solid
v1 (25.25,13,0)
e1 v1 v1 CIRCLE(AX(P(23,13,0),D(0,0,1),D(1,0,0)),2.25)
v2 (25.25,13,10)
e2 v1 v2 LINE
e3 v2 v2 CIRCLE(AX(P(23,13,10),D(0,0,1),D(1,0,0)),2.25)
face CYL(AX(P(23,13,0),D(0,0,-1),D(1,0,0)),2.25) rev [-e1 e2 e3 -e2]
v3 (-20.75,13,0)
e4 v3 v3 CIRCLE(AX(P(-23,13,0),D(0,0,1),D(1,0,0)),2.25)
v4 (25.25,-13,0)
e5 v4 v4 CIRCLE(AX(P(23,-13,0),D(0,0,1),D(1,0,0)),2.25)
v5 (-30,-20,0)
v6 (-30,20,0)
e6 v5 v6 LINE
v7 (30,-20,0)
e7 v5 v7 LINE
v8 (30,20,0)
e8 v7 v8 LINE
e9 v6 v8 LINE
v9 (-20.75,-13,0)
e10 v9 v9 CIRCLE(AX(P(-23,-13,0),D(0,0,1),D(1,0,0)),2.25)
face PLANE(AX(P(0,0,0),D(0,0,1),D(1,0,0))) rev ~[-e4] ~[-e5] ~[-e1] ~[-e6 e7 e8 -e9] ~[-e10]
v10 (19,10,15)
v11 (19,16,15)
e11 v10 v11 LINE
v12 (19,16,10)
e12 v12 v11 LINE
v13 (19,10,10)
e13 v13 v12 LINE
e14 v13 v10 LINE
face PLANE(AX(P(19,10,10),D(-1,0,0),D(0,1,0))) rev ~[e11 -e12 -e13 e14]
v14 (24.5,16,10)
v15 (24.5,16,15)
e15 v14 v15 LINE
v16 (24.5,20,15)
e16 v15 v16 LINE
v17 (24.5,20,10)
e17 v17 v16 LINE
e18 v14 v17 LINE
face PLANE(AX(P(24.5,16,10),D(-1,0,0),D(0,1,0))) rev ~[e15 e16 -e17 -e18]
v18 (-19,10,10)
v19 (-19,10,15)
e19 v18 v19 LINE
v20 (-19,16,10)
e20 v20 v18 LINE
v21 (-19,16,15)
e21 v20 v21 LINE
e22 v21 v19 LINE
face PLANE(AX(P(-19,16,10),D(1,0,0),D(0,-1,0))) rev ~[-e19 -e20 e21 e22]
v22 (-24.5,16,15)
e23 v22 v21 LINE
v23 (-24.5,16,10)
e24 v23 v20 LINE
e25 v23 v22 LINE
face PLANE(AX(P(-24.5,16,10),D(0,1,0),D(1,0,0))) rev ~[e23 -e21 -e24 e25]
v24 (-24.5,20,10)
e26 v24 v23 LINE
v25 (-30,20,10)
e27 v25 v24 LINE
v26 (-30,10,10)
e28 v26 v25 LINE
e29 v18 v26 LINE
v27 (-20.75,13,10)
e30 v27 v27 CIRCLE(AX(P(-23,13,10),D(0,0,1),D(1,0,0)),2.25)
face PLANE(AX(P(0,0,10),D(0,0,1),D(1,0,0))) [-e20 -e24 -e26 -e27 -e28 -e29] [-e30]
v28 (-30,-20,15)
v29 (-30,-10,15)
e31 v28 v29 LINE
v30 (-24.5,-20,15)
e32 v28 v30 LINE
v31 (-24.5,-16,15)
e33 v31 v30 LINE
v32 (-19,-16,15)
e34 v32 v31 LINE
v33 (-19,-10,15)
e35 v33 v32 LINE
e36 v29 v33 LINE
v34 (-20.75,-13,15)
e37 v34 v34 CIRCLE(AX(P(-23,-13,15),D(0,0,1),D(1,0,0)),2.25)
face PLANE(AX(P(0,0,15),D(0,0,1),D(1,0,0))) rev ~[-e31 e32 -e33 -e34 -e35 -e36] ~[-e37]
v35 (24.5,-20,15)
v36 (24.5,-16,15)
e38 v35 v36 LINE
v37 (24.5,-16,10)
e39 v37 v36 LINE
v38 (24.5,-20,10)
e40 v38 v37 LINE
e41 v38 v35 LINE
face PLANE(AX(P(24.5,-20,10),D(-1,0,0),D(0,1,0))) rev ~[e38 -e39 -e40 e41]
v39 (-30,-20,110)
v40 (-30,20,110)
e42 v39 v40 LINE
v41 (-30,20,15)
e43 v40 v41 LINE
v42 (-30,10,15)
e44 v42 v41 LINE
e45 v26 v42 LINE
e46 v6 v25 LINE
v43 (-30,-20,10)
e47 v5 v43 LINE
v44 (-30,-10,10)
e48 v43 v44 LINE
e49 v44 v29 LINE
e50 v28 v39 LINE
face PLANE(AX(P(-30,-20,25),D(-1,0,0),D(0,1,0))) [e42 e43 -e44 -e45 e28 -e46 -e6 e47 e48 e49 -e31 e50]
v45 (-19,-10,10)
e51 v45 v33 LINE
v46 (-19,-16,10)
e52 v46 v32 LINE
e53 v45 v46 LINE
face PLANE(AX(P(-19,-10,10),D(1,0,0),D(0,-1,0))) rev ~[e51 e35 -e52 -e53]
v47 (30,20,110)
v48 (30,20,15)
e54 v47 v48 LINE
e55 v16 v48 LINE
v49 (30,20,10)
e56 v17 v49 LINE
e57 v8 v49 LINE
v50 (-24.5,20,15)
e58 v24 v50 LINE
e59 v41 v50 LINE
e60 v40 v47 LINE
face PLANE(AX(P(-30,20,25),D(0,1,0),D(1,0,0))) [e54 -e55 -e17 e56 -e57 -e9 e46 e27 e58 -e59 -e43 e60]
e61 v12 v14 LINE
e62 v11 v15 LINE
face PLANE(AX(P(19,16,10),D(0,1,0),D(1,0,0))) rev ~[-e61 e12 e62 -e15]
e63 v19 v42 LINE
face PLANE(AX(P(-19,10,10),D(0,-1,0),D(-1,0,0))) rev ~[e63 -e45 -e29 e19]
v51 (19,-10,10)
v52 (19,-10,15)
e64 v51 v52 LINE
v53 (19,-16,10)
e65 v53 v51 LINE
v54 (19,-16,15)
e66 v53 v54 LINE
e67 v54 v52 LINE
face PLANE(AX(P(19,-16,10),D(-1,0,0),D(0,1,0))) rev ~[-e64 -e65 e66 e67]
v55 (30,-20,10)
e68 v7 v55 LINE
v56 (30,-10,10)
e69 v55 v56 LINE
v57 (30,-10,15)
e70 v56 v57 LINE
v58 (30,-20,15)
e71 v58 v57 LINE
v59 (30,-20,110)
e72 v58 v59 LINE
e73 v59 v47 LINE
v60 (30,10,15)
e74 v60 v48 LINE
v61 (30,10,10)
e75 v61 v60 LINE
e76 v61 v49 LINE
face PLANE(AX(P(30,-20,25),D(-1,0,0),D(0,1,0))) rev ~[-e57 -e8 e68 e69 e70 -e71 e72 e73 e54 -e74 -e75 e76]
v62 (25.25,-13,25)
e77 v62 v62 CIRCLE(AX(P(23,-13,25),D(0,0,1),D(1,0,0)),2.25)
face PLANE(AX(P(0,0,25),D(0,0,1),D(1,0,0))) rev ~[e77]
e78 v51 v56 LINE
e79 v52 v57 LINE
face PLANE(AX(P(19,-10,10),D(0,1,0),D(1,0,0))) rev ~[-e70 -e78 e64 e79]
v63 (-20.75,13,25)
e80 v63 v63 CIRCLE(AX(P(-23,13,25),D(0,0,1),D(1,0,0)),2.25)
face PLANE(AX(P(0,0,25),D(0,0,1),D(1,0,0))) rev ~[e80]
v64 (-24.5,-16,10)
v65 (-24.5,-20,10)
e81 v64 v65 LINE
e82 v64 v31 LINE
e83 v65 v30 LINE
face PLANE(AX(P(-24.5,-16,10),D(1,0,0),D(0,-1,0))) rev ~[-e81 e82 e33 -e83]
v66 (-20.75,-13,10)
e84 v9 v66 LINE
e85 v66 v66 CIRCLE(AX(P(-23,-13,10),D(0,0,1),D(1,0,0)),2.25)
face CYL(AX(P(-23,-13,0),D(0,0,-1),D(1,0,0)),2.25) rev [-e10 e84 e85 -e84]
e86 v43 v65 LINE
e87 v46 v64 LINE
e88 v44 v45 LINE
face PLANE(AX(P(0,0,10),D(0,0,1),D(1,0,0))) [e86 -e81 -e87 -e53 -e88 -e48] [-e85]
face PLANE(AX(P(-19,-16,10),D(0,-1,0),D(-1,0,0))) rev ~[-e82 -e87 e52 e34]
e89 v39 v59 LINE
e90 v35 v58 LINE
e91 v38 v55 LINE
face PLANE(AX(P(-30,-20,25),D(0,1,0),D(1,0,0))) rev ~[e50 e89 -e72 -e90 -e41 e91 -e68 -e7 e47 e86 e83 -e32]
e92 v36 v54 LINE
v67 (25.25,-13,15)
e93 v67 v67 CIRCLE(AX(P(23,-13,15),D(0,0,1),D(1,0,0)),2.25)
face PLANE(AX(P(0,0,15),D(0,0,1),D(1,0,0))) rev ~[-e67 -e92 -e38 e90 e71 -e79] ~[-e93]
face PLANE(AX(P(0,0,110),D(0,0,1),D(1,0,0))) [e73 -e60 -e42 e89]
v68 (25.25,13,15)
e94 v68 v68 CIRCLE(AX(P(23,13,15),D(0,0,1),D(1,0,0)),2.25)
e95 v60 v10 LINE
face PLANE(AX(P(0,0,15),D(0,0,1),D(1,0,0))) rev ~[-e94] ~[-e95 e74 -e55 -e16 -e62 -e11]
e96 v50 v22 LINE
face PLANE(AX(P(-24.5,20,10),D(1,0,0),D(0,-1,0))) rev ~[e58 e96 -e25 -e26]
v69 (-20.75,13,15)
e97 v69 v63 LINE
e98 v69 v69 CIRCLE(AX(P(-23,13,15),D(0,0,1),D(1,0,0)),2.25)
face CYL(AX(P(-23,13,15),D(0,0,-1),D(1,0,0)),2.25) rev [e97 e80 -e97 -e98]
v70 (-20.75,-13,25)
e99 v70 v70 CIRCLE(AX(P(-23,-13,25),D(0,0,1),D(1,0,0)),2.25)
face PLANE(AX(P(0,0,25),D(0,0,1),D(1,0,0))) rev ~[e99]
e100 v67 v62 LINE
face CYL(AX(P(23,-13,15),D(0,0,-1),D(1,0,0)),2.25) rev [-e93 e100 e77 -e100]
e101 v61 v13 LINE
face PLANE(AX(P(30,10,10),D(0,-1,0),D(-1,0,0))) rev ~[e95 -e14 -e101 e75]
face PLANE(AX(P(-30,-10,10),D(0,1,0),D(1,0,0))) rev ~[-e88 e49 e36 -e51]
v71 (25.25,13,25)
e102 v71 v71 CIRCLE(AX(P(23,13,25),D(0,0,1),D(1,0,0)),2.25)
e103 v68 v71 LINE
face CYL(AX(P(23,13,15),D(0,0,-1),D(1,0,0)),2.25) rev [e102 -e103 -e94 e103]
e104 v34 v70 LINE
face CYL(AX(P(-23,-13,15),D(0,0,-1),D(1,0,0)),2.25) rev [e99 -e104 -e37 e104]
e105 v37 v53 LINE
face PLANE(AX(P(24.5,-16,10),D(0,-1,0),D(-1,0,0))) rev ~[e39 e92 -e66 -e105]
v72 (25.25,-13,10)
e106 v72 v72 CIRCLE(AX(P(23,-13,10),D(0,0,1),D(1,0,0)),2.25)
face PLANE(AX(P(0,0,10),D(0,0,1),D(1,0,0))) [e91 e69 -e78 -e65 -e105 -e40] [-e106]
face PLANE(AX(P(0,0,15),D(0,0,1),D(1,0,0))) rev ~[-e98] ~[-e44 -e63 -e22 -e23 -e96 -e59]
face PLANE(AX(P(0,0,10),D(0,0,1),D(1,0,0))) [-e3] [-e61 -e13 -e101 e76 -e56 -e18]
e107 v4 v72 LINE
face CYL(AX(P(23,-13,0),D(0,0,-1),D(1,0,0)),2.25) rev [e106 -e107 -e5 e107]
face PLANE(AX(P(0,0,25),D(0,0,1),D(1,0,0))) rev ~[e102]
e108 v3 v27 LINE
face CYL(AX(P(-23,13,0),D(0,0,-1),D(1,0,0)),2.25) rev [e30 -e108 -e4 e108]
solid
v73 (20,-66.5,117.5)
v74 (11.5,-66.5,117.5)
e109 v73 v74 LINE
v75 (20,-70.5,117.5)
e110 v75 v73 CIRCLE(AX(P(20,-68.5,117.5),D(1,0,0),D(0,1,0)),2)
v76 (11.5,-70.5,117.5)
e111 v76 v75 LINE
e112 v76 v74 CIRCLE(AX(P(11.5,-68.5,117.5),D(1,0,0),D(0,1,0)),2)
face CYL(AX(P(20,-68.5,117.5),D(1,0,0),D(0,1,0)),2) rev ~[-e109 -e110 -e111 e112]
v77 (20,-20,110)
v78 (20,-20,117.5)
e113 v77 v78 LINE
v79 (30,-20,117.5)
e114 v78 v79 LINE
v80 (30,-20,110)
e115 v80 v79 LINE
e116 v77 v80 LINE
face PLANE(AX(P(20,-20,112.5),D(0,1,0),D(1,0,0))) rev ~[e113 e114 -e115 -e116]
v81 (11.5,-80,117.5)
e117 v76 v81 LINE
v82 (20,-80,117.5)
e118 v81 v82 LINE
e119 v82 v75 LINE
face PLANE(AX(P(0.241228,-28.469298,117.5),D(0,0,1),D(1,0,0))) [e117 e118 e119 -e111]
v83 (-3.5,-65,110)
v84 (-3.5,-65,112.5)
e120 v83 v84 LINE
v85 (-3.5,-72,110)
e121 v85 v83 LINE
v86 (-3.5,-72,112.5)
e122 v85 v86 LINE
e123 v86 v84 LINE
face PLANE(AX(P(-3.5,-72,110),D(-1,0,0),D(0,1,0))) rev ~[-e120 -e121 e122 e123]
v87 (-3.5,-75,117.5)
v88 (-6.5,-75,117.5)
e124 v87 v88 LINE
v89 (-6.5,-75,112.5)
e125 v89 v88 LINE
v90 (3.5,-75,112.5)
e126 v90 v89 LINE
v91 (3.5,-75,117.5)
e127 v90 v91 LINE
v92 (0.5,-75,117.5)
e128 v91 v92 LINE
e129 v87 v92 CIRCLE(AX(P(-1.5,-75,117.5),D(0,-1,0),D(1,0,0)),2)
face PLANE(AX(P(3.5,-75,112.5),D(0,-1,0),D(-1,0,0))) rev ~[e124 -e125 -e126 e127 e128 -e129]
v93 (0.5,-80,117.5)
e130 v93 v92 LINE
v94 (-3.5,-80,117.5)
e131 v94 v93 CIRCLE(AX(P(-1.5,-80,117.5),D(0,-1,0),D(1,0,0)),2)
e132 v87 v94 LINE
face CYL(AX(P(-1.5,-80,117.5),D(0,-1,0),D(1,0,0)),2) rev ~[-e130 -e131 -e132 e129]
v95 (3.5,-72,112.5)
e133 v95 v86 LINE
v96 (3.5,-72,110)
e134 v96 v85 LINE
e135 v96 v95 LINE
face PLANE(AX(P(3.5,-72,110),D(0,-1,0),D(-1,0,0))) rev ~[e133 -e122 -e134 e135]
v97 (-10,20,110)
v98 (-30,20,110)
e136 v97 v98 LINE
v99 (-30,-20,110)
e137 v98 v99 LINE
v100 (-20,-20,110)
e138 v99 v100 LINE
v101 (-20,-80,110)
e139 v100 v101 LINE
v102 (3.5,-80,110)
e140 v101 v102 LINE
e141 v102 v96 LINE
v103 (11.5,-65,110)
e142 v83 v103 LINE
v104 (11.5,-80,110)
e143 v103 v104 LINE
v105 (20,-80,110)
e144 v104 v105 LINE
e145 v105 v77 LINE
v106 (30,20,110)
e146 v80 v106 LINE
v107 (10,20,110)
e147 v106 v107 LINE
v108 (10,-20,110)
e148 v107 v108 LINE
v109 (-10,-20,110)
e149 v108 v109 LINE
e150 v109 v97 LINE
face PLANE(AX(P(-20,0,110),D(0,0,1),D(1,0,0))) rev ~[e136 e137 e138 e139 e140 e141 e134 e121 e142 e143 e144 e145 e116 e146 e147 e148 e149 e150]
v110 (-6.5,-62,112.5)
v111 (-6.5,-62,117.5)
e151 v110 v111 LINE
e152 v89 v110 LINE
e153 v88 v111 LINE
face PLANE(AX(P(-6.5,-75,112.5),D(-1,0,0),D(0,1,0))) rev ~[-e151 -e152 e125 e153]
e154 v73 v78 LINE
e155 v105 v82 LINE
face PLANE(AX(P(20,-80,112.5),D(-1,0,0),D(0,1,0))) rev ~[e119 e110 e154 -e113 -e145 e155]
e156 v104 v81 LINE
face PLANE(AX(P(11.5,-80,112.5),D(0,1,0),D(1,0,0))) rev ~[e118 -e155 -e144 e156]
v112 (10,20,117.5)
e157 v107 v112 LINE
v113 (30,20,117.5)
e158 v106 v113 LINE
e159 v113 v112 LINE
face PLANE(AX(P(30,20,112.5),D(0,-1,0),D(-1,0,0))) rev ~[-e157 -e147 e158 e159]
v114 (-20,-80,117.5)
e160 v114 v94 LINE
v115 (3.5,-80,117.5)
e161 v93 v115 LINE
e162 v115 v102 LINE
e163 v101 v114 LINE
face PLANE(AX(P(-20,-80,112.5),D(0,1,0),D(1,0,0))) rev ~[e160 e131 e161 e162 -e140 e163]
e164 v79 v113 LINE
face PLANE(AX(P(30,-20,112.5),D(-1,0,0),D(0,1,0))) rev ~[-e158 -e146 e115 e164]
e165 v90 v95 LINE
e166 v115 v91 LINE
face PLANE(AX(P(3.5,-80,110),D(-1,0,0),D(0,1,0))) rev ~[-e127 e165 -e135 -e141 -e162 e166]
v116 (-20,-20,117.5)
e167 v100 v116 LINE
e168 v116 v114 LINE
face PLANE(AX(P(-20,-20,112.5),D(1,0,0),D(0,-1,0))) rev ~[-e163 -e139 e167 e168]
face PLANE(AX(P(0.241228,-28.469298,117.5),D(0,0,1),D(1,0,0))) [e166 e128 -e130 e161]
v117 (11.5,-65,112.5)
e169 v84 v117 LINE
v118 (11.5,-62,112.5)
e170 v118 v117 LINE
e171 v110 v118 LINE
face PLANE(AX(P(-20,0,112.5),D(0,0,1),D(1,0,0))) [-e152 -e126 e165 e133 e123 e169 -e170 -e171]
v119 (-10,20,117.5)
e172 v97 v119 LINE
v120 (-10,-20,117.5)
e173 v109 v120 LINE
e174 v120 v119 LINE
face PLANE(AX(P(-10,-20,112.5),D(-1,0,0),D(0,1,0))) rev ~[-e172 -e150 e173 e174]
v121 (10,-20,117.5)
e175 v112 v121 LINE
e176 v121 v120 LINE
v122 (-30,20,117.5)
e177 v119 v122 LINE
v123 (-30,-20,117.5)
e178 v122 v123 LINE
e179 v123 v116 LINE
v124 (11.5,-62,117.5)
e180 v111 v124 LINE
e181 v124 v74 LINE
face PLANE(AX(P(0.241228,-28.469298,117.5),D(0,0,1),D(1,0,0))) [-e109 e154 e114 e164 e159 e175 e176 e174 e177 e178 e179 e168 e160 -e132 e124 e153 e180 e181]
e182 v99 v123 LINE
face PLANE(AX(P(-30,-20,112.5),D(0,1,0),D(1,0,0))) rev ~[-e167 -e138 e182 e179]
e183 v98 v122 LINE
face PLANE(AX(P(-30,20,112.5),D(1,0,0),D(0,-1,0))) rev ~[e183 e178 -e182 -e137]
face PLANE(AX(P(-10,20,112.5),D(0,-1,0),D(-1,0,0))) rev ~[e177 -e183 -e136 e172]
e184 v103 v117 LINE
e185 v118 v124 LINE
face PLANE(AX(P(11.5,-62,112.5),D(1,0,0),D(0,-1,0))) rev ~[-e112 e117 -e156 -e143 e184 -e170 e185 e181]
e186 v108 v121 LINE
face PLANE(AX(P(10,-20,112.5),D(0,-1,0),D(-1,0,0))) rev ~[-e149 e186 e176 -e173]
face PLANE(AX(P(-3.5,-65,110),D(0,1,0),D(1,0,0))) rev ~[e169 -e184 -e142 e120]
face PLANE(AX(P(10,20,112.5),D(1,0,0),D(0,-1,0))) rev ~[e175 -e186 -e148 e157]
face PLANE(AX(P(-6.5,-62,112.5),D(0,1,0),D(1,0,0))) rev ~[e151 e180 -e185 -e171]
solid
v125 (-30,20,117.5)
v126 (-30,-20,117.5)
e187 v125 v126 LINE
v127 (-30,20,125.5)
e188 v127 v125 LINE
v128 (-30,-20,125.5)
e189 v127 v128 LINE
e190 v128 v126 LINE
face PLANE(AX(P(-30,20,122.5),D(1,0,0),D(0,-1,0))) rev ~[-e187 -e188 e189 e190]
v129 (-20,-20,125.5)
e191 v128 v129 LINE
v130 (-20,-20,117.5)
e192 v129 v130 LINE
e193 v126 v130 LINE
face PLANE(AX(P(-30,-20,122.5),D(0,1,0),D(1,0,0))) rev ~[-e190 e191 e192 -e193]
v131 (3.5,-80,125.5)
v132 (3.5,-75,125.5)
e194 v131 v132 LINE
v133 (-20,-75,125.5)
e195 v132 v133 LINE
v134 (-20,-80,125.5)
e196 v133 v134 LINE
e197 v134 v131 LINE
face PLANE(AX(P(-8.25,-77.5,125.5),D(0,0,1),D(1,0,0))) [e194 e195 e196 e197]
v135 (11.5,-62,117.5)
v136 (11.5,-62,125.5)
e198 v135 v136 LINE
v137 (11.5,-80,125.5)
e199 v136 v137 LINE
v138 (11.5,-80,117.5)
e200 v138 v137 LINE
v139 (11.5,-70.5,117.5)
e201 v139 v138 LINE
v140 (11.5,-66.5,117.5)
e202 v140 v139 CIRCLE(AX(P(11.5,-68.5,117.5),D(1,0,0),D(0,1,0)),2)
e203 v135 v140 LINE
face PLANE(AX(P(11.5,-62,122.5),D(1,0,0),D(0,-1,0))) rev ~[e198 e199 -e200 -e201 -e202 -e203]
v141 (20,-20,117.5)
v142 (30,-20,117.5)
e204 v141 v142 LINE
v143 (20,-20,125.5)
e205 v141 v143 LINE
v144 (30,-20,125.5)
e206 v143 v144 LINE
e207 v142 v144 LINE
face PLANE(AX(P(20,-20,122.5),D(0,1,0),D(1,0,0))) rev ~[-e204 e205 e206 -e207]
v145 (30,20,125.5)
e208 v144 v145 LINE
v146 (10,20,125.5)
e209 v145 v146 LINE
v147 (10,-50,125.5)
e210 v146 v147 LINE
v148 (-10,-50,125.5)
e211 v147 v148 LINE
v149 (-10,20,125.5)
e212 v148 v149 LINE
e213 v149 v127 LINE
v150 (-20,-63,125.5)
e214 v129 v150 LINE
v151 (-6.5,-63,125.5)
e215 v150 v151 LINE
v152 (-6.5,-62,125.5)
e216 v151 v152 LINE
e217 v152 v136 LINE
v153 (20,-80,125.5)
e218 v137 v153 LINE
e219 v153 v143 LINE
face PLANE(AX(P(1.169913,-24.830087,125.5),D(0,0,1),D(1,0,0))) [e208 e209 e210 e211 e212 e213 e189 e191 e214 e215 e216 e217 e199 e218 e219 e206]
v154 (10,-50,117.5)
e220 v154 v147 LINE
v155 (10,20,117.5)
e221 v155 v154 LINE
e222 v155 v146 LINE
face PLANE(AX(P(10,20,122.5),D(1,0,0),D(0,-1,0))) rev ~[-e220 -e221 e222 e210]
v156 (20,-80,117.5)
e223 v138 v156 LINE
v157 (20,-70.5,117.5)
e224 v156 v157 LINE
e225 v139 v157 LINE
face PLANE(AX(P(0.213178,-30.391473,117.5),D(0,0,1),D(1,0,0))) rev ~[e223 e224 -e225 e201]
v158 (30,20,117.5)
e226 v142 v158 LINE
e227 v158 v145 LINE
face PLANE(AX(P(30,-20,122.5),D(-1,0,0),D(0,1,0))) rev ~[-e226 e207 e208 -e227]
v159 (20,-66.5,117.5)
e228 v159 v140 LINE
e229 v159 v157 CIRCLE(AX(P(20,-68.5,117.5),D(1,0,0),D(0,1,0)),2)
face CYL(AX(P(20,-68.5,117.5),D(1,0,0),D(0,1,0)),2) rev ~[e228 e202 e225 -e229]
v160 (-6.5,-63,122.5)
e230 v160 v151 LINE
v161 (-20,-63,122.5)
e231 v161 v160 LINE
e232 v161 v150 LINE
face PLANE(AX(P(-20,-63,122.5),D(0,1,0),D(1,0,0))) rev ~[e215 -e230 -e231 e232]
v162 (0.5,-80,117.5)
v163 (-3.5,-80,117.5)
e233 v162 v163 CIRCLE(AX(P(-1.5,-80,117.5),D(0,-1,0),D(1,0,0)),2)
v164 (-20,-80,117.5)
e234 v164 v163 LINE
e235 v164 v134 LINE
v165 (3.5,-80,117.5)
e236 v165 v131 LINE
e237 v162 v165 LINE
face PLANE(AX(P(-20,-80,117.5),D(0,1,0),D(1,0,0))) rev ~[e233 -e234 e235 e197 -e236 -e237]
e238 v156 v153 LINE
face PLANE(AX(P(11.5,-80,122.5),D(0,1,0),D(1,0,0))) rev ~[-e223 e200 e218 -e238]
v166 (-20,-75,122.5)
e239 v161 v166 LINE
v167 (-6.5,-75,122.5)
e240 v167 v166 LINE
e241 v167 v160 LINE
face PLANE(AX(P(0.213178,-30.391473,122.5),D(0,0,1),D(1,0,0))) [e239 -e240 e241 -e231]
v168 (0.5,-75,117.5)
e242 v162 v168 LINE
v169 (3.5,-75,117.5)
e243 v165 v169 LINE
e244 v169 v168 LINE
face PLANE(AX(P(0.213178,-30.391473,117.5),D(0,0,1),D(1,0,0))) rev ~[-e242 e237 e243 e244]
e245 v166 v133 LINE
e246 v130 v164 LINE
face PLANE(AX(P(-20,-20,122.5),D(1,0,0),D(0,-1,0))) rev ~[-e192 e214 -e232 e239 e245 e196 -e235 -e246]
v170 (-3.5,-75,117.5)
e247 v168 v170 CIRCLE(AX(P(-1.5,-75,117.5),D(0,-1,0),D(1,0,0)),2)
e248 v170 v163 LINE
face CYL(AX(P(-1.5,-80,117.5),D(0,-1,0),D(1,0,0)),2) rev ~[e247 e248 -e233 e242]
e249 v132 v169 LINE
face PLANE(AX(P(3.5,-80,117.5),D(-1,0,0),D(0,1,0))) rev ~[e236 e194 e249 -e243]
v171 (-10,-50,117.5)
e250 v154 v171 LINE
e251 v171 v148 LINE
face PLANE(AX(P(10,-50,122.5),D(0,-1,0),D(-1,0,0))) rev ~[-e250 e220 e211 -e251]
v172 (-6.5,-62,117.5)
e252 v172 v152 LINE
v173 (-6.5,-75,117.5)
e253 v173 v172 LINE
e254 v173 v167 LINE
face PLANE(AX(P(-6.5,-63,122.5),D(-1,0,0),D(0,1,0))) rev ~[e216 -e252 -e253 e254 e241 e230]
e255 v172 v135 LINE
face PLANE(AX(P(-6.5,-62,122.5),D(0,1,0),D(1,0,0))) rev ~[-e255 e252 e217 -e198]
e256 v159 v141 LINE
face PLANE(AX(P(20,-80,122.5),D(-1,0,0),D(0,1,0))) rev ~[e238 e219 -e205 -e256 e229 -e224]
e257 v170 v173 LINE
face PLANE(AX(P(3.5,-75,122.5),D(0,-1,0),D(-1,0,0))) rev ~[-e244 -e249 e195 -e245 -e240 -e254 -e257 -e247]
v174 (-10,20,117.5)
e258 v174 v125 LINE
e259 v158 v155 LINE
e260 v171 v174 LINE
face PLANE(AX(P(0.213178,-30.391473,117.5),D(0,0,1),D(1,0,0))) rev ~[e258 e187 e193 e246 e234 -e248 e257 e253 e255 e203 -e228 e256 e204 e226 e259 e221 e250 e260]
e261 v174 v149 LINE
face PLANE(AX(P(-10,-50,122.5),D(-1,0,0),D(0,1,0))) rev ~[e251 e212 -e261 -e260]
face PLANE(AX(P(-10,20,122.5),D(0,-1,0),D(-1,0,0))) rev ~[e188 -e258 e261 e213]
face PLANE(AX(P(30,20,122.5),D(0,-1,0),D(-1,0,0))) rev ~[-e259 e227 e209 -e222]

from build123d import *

# Parameters (mm, degrees)
F0_W      = 60
F0_H      = 40
F0_R      = 2.25
F1_DEPTH  = 10
F3_DEPTH  = 5
F4_W      = 60
F4_H      = 40
F4_R      = 2.25
F5_DEPTH  = 10
F6_W      = 60
F6_H      = 40
F7_DEPTH  = 85
F9_DEPTH  = 2.5
F11_DEPTH = 5
F13_DEPTH = 5
F15_DEPTH = 3
F16_R     = 2
F17_DEPTH = 10
F18_R     = 2
F19_DEPTH = 10


with BuildPart() as f1:
    # F0 (on Top) → F1 (new body)
    with BuildSketch(Plane.XY):
        Rectangle(F0_W, F0_H)
        with Locations((-23, -13)):
            Circle(F0_R, mode=Mode.SUBTRACT)
        with Locations((23, -13)):
            Circle(F0_R, mode=Mode.SUBTRACT)
        with Locations((-23, 13)):
            Circle(F0_R, mode=Mode.SUBTRACT)
        with Locations((23, 13)):
            Circle(F0_R, mode=Mode.SUBTRACT)
    extrude(amount=F1_DEPTH)

    # F2 (on face) → F3 (join)
    with BuildSketch(Plane.XY.offset(10)):
        Polygon((-24.5, 16), (-19, 16), (-19, 10), (-30, 10), (-30, -10), (-19, -10), (-19, -16), (-24.5, -16), (-24.5, -20), (24.5, -20), (24.5, -16), (19, -16), (19, -10), (30, -10), (30, 10), (19, 10), (19, 16), (24.5, 16), (24.5, 20), (-24.5, 20), align=None)
    extrude(amount=F3_DEPTH)

    # F4 (on face) → F5 (join)
    with BuildSketch(Plane.XY.offset(15)):
        Rectangle(F4_W, F4_H)
        with Locations((-23, -13)):
            Circle(F4_R, mode=Mode.SUBTRACT)
        with Locations((23, -13)):
            Circle(F4_R, mode=Mode.SUBTRACT)
        with Locations((-23, 13)):
            Circle(F4_R, mode=Mode.SUBTRACT)
        with Locations((23, 13)):
            Circle(F4_R, mode=Mode.SUBTRACT)
    extrude(amount=F5_DEPTH)

    # F6 (on face) → F7 (join)
    with BuildSketch(Plane.XY.offset(25)):
        Rectangle(F6_W, F6_H)
    extrude(amount=F7_DEPTH)


with BuildPart() as f9:
    # F8 (on face) → F9 (new body)
    with BuildSketch(Plane.XY.offset(110)):
        Polygon((-10, 20), (-30, 20), (-30, -20), (-20, -20), (-10, -20), align=None)
        Polygon((30, 20), (10, 20), (10, -20), (20, -20), (30, -20), align=None)
        Polygon((10, -20), (-10, -20), (-20, -20), (-20, -80), (3.5, -80), (3.5, -72), (-3.5, -72), (-3.5, -65), (3.5, -65), (11.5, -65), (11.5, -80), (20, -80), (20, -20), align=None)
    extrude(amount=F9_DEPTH)

    # F10 (on face) → F11 (join)
    with BuildSketch(Plane.XY.offset(112.5)):
        Polygon((-6.5, -62), (3.5, -62), (11.5, -62), (11.5, -65), (11.5, -80), (20, -80), (20, -20), (30, -20), (30, 20), (10, 20), (10, -20), (-10, -20), (-10, 20), (-30, 20), (-30, -20), (-20, -20), (-20, -80), (3.5, -80), (3.5, -75), (-6.5, -75), align=None)
    extrude(amount=F11_DEPTH)


with BuildPart() as f13:
    # F12 (on face) → F13 (new body)
    with BuildSketch(Plane.XY.offset(117.5)):
        Polygon((10, -50), (-10, -50), (-10, -20), (-10, 20), (-30, 20), (-30, -20), (-20, -20), (-20, -80), (3.5, -80), (3.5, -75), (-6.5, -75), (-6.5, -62), (11.5, -62), (11.5, -80), (20, -80), (20, -20), (30, -20), (30, 20), (10, 20), (10, -20), align=None)
    extrude(amount=F13_DEPTH)

    # F14 (on face) → F15 (join)
    with BuildSketch(Plane.XY.offset(122.5)):
        Polygon((-20, -20), (-20, -63), (-6.5, -63), (-6.5, -62), (11.5, -62), (11.5, -80), (20, -80), (20, -20), (30, -20), (30, 20), (10, 20), (10, -50), (-10, -50), (-10, 20), (-30, 20), (-30, -20), align=None)
        Polygon((-6.5, -75), (-20, -75), (-20, -80), (3.5, -80), (3.5, -75), align=None)
    extrude(amount=F15_DEPTH)


with BuildPart() as f17_tool:
    # F16 (on face) → F17 (new body)
    with BuildSketch(Plane.YZ.offset(20)):
        with Locations((-68.5, 117.5)):
            Circle(F16_R)
    extrude(amount=-F17_DEPTH)


with BuildPart() as f9_1:
    add(f9.part)

    # F17: cut by f17_tool
    add(f17_tool.part, mode=Mode.SUBTRACT)


with BuildPart() as f13_1:
    add(f13.part)

    # F17: cut by f17_tool
    add(f17_tool.part, mode=Mode.SUBTRACT)


with BuildPart() as f19_tool:
    # F18 (on face) → F19 (new body)
    with BuildSketch(Plane.XZ.offset(80)):
        with Locations((-1.5, 117.5)):
            Circle(F18_R)
    extrude(amount=-F19_DEPTH)


with BuildPart() as f9_2:
    add(f9_1.part)

    # F19: cut by f19_tool
    add(f19_tool.part, mode=Mode.SUBTRACT)


with BuildPart() as f13_2:
    add(f13_1.part)

    # F19: cut by f19_tool
    add(f19_tool.part, mode=Mode.SUBTRACT)


solid = Compound([f1.part, f9_2.part, f13_2.part])
